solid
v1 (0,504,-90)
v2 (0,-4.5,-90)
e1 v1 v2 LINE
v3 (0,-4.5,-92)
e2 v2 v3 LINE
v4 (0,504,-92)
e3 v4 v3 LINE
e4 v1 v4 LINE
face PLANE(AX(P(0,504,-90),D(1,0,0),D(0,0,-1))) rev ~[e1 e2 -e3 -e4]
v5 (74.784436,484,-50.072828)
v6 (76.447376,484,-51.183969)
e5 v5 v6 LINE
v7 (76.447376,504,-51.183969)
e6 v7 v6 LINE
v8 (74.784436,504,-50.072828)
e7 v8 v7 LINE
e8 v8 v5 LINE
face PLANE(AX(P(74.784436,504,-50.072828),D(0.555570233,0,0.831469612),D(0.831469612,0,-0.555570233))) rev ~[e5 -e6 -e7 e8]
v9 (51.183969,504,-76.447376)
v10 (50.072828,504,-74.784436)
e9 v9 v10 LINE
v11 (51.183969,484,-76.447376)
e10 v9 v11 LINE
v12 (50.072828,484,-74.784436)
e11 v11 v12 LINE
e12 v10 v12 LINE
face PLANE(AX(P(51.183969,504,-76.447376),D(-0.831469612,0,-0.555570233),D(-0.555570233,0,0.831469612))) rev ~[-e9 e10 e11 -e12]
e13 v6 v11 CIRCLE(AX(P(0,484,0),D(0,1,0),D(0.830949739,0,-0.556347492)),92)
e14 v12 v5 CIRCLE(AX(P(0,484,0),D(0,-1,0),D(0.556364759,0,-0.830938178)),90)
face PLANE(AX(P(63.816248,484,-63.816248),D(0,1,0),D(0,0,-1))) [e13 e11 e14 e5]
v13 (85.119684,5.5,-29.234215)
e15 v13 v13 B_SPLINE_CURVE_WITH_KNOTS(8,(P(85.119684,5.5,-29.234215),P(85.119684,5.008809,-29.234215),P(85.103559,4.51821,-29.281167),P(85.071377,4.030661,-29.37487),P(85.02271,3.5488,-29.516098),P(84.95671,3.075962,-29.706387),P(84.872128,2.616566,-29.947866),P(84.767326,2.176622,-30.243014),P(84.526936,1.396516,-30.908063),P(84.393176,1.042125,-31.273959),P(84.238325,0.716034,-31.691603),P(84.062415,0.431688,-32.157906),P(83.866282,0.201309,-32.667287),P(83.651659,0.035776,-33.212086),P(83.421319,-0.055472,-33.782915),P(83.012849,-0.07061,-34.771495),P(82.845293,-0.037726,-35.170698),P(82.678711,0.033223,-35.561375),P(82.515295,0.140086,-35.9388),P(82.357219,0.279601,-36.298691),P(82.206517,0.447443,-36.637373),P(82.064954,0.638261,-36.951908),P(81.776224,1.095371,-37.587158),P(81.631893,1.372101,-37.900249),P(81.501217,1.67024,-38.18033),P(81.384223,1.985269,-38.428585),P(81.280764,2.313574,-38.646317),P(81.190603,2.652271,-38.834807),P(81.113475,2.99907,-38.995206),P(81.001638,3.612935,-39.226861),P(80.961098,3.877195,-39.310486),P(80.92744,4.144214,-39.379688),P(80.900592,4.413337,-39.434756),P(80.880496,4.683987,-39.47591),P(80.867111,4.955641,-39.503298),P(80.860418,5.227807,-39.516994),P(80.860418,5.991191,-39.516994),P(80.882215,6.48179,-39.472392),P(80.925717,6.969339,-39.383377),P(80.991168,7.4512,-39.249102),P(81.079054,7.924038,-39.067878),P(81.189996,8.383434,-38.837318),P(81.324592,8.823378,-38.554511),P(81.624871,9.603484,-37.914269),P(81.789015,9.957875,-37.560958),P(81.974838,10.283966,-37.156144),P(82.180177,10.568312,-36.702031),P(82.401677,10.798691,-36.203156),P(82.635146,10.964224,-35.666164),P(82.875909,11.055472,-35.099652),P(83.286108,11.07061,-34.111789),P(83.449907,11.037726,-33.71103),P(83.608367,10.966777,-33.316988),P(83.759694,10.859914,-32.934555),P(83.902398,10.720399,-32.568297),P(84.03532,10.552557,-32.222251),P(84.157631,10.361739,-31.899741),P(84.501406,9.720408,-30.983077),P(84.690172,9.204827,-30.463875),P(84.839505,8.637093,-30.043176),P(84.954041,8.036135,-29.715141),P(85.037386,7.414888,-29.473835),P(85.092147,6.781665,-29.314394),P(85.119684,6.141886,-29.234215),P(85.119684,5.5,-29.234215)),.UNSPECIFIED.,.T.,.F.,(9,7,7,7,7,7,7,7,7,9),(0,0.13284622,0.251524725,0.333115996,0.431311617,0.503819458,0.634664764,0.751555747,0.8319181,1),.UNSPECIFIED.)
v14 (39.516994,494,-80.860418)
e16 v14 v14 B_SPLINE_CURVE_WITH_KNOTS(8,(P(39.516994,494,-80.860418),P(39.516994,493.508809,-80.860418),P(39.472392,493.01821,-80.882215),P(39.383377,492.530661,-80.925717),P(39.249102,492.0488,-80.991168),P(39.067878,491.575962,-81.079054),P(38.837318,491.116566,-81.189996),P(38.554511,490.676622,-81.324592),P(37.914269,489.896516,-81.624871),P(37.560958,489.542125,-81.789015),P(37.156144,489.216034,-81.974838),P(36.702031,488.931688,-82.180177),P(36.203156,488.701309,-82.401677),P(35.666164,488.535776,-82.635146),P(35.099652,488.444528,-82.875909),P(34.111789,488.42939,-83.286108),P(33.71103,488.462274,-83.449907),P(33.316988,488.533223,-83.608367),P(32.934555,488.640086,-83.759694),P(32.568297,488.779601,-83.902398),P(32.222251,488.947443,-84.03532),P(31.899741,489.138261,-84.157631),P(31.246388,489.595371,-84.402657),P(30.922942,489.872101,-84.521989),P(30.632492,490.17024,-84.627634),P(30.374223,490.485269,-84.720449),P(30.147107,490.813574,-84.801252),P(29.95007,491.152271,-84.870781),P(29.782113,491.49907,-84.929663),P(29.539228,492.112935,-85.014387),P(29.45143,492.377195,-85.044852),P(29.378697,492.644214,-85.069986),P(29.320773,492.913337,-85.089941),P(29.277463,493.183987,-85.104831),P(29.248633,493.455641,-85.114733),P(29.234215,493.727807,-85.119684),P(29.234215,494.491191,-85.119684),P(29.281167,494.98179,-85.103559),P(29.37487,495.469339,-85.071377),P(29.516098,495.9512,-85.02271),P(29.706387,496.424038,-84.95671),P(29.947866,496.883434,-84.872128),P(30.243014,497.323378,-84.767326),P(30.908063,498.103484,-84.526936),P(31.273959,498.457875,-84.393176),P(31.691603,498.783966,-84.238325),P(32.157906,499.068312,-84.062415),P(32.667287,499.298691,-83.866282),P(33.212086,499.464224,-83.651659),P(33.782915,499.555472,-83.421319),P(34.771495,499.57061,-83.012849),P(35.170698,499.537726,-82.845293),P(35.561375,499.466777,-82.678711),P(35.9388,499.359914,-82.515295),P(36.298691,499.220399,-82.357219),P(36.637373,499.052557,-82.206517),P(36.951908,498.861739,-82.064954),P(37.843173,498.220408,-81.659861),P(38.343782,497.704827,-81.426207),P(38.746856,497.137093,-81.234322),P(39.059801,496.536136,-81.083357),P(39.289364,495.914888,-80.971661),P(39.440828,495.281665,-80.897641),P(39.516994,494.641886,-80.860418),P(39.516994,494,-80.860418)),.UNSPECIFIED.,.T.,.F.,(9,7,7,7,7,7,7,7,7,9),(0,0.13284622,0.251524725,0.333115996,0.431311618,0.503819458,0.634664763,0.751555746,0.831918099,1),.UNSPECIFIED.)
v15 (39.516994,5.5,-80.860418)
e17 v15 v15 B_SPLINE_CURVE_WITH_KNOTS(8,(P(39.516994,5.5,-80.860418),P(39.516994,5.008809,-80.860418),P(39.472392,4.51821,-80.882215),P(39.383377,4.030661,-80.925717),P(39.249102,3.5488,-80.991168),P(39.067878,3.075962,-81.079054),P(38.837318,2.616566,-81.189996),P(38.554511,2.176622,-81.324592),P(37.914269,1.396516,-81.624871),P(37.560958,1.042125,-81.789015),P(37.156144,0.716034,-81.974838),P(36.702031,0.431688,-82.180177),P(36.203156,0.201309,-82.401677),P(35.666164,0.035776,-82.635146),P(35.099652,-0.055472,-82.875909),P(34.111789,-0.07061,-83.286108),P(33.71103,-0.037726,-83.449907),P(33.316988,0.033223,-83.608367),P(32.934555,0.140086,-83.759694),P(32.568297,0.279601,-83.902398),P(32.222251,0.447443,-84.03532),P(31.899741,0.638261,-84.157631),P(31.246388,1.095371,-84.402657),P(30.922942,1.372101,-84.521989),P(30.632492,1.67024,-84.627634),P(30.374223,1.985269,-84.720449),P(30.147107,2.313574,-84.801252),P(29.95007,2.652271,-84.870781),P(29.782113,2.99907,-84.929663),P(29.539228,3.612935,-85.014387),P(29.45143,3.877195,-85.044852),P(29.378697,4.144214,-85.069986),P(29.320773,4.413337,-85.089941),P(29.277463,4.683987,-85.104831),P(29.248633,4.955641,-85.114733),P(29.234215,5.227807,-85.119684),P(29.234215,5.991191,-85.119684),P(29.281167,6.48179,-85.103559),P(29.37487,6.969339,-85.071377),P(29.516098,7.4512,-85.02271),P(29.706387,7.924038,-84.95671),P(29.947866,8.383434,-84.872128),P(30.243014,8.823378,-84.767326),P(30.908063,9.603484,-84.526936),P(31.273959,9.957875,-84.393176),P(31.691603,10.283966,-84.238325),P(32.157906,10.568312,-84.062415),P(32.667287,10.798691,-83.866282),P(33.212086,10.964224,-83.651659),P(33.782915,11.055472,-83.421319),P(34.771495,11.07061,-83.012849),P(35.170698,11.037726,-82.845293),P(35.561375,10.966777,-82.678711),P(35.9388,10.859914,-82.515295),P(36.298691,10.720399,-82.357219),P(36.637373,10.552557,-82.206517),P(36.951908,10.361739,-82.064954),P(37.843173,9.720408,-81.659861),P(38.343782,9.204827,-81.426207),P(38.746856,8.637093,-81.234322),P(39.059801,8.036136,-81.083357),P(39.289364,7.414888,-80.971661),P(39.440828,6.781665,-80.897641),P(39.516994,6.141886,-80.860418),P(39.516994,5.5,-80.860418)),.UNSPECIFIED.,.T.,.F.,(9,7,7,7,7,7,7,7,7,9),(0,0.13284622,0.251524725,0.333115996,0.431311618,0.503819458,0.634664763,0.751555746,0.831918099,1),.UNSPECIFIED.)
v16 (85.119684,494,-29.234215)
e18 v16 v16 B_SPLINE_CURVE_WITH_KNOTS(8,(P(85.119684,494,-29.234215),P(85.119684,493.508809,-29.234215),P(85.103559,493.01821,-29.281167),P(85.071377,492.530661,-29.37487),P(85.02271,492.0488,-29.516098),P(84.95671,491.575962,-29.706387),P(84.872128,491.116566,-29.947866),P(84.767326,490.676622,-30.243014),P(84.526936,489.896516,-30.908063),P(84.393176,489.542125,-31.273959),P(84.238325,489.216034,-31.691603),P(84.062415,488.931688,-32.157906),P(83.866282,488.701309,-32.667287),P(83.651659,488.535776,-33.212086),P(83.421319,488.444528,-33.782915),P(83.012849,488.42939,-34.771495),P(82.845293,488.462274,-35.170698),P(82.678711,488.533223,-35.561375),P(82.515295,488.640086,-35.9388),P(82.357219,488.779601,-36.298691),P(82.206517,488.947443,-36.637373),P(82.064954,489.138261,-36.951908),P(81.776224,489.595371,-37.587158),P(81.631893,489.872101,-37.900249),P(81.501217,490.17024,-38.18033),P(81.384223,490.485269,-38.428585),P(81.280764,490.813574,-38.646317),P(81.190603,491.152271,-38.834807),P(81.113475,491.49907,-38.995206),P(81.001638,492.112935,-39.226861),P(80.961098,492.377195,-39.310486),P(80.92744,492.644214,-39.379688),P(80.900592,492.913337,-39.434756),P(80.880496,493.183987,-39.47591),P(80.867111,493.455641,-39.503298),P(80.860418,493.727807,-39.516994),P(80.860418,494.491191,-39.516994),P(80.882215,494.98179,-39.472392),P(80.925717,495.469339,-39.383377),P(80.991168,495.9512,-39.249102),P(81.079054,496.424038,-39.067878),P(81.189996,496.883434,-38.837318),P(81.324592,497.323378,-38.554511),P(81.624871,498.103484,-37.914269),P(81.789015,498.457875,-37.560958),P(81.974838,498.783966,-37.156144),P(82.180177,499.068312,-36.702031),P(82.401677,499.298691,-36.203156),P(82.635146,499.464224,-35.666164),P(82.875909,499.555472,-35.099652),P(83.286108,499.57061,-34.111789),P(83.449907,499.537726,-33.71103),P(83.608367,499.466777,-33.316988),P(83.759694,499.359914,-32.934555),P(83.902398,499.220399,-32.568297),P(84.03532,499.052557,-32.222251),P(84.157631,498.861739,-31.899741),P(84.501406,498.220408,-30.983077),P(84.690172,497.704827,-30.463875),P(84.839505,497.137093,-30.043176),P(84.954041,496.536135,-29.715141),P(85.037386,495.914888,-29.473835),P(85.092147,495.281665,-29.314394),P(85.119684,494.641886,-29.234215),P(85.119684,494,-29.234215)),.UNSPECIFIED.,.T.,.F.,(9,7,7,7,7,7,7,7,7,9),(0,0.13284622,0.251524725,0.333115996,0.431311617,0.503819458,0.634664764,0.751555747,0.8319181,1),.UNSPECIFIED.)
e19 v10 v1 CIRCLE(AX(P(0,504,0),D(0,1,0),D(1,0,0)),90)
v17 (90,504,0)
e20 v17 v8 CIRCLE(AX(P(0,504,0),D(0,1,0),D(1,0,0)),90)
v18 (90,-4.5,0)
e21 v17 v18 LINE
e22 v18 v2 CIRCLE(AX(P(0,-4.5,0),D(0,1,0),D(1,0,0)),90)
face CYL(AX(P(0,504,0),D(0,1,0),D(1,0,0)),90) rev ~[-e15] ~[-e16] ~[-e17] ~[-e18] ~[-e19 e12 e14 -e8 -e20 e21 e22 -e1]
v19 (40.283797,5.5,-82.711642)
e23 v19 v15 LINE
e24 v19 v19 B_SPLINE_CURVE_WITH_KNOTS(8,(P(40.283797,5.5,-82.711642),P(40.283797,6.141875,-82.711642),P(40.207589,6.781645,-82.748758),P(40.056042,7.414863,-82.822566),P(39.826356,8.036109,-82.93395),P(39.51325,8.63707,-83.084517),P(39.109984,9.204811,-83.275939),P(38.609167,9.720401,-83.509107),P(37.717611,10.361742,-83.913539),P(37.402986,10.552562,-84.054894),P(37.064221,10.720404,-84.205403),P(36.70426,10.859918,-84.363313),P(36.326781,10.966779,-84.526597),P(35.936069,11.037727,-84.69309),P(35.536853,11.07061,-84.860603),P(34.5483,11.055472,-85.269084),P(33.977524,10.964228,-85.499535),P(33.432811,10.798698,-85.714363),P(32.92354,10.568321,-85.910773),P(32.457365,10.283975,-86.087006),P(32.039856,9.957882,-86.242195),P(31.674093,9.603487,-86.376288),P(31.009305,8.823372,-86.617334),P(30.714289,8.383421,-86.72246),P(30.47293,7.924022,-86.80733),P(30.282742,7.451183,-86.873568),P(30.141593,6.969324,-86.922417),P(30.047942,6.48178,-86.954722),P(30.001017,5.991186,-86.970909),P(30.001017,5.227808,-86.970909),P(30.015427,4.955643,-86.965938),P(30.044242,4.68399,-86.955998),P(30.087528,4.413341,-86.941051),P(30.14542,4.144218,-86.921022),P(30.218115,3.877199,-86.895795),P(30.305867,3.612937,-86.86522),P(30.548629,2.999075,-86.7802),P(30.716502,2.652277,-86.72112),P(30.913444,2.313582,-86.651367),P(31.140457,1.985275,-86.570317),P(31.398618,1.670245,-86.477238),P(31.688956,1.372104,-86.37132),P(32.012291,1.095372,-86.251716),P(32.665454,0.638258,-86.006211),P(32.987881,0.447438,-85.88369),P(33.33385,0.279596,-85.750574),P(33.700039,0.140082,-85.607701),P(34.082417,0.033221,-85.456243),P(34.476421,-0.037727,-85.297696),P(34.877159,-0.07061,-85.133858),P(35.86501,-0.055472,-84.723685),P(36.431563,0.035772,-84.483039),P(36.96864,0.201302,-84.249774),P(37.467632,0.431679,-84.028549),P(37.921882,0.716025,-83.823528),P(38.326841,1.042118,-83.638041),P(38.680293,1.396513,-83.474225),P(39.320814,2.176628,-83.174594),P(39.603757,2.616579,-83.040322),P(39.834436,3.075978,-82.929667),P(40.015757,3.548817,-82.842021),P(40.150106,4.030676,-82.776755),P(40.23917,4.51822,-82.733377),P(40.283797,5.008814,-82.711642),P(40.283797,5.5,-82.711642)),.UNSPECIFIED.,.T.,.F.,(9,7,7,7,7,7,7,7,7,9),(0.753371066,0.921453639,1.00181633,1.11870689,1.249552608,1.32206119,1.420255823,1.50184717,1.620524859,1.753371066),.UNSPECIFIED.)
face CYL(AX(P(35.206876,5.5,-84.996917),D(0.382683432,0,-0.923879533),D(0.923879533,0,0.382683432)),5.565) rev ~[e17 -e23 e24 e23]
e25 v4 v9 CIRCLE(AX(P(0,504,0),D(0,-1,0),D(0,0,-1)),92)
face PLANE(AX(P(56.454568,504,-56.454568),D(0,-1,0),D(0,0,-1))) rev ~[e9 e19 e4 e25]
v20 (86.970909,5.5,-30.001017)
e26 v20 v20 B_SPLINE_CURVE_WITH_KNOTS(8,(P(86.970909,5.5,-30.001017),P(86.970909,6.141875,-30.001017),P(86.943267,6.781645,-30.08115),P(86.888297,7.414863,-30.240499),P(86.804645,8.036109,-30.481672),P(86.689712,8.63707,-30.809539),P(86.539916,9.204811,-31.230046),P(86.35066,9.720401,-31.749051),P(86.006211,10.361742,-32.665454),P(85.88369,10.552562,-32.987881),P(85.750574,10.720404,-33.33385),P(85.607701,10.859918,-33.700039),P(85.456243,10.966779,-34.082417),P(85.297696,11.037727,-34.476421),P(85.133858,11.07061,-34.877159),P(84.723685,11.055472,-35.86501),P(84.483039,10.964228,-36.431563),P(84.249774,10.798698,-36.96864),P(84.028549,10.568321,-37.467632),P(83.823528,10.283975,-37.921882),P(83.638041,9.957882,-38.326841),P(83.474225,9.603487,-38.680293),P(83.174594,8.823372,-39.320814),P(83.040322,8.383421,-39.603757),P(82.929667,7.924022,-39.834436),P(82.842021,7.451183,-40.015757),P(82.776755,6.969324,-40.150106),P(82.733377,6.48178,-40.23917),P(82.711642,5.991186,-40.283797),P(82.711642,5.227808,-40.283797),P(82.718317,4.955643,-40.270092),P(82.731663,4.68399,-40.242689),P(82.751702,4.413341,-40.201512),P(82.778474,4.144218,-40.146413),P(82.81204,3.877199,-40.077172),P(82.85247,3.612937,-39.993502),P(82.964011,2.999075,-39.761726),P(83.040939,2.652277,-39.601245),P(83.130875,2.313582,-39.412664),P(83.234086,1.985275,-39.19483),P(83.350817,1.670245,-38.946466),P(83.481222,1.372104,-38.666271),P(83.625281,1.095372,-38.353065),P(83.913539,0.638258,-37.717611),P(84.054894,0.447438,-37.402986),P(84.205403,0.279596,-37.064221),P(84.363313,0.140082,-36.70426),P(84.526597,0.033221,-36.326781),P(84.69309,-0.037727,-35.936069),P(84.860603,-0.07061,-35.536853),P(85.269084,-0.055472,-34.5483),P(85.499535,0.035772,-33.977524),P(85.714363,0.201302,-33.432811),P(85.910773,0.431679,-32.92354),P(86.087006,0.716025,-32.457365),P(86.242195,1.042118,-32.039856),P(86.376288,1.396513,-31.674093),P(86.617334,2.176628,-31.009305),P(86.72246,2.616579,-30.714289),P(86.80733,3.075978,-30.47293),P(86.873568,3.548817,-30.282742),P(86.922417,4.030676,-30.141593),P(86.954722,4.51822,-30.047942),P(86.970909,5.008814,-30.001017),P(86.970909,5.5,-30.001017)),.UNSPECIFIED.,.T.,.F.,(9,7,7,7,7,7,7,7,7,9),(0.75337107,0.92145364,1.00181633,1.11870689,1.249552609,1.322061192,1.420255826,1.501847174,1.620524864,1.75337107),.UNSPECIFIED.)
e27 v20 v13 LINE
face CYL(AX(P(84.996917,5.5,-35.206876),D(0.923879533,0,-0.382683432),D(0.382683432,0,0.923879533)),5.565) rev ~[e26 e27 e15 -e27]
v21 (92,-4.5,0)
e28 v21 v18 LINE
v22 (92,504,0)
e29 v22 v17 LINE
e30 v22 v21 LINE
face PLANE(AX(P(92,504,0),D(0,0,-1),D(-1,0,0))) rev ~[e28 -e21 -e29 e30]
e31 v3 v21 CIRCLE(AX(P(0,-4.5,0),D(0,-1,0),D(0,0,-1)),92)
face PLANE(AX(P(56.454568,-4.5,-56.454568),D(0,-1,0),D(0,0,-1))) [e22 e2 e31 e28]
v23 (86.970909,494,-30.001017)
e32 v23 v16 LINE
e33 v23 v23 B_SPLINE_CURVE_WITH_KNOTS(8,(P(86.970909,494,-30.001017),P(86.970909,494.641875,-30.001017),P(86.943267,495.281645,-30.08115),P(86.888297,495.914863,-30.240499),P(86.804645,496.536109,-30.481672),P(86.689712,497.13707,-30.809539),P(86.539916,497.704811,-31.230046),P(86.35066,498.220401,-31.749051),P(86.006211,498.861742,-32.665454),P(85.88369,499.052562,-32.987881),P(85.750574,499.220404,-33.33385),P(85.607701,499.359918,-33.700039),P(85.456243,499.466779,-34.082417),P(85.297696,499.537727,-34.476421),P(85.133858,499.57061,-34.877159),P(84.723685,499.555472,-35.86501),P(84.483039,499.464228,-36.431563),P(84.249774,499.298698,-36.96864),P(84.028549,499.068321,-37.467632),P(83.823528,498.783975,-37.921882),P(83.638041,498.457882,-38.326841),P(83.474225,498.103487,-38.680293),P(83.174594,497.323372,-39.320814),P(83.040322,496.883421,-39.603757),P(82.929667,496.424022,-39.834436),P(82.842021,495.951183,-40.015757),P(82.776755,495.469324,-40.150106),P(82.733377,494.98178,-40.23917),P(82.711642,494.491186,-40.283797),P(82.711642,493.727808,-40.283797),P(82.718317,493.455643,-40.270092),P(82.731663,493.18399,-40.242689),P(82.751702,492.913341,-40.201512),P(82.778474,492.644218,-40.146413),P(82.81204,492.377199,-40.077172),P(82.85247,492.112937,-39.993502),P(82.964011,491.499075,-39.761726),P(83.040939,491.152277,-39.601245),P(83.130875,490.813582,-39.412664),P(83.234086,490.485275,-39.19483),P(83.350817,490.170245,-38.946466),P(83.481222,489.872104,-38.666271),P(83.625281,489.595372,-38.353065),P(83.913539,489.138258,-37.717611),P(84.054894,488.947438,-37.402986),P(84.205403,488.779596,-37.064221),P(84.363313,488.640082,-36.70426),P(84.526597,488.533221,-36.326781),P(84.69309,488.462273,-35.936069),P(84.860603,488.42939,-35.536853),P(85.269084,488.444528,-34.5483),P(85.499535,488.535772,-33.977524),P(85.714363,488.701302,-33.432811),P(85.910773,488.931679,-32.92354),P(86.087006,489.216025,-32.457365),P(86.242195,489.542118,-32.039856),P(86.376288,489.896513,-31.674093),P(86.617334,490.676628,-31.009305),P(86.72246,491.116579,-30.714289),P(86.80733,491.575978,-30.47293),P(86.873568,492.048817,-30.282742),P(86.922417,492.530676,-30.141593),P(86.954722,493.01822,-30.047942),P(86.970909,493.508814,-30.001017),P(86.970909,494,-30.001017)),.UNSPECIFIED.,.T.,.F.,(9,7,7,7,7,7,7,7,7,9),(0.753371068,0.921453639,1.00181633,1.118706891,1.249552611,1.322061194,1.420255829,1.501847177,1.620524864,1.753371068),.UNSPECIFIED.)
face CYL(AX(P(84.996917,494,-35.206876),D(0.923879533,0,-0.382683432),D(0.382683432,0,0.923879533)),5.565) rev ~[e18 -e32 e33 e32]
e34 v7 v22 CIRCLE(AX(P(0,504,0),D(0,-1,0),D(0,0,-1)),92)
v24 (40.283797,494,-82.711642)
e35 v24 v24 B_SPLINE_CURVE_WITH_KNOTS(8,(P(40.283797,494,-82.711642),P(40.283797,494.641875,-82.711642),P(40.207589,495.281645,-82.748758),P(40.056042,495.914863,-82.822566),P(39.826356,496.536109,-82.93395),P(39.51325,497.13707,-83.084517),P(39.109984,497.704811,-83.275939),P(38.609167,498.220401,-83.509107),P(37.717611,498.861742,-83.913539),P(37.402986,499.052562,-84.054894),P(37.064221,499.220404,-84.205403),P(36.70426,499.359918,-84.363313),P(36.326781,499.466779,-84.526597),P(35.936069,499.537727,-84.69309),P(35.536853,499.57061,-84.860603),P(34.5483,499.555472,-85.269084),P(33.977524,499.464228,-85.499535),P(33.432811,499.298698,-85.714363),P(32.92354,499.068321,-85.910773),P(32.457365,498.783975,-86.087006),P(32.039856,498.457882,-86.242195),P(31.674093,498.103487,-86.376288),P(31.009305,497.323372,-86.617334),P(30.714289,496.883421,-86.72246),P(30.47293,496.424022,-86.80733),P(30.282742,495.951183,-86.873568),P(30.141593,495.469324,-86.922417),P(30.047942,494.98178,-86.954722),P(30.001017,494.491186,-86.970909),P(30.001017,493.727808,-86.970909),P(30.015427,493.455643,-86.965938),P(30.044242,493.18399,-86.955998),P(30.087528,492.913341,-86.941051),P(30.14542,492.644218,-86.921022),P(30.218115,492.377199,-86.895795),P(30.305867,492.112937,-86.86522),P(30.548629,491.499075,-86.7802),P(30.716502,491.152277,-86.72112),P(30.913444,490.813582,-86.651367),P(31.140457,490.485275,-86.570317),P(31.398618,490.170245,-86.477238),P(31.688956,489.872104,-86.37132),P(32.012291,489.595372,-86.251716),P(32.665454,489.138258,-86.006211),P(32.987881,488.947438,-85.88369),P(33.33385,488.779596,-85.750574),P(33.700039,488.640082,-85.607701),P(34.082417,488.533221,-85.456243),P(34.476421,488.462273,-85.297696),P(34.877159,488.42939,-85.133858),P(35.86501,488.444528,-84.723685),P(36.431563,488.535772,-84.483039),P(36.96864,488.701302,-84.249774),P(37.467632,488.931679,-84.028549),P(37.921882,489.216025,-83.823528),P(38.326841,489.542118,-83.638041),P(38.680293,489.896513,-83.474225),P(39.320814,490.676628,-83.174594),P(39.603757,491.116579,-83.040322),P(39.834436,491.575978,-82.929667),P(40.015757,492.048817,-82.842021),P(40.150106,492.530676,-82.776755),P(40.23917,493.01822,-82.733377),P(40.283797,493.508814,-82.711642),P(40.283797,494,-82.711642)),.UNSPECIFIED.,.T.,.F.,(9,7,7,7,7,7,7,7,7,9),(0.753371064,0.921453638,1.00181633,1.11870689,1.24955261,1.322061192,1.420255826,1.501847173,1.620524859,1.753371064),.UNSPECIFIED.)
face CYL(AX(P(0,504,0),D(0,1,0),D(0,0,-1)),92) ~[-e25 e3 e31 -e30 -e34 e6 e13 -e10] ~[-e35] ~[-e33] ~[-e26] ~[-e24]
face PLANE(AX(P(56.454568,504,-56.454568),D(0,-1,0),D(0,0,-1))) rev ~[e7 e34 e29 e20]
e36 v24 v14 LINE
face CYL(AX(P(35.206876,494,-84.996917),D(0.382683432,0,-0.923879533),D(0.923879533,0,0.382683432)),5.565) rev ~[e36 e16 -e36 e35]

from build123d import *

# Parameters (mm, degrees)
BOSS_EXTRUDE1_DEPTH     = 508.5
CUT_EXTRUDE4_REACH      = 518.756
CUT_EXTRUDE4_END_RADIUS = 90
SKETCH6_R               = 5.565
CUT_EXTRUDE2_REACH      = 520.673
CUT_EXTRUDE2_END_RADIUS = 90
SKETCH3_R               = 5.565
CUT_EXTRUDE3_REACH      = 520.673
CUT_EXTRUDE3_END_RADIUS = 90
SKETCH5_R               = 5.565
LPATTERN2_COUNT         = 2
LPATTERN2_PITCH         = 488.5
CUT_EXTRUDE5_DEPTH      = 20
BODY_MOVE_COPY1_ANGLE   = 180


with BuildPart() as part:
    # Sketch1 → Boss-Extrude1 (new body)
    with BuildSketch(Plane(origin=(0, 0, 0), x_dir=(1, 0, 0), z_dir=(0, 1, 0))):
        with BuildLine():
            Line((0, 92), (0, 90))
            ThreePointArc((0, 90), (63.639610307, 63.639610307), (90, 0))
            Line((90, 0), (92, 0))
            ThreePointArc((92, 0), (65.053823869, 65.053823869), (0, 92))
        make_face()
    extrude(amount=BOSS_EXTRUDE1_DEPTH)

    # Cut-Extrude4: up to this cylinder (the profile starts outside it)
    cut_extrude4_end = Plane(origin=(0, 10, 0), z_dir=(0, -1, 0)) * Cylinder(CUT_EXTRUDE4_END_RADIUS, 1218.512, mode=Mode.PRIVATE)
    # Sketch6 → Cut-Extrude4 (cut, up to the surface)
    with BuildSketch(Plane(origin=(65.053823869, 0, -65.053823869), x_dir=(-0.7071067811865486, 0, -0.7071067811865465), z_dir=(0.7071067811865465, 0, -0.7071067811865486)), mode=Mode.PRIVATE) as cut_extrude4_sk1:
        with Locations((0, 10)):
            Circle(SKETCH6_R)
    cut_extrude4_tool1 = extrude(cut_extrude4_sk1.sketch, amount=-CUT_EXTRUDE4_REACH, mode=Mode.PRIVATE) - cut_extrude4_end
    add(cut_extrude4_tool1.solids().sort_by_distance((65.053824, 10, -65.053824))[0], mode=Mode.SUBTRACT)

    # Cut-Extrude2: up to this cylinder (the profile starts outside it)
    cut_extrude2_end = Plane(origin=(0, 10, 0), z_dir=(0, -1, 0)) * Cylinder(CUT_EXTRUDE2_END_RADIUS, 1222.346, mode=Mode.PRIVATE)
    # Sketch3 → Cut-Extrude2 (cut, up to the surface)
    with BuildSketch(Plane(origin=(84.996916991, 0, -35.206875778), x_dir=(-0.38268343236509045, 0, -0.9238795325112865), z_dir=(0.9238795325112865, 0, -0.38268343236509045)), mode=Mode.PRIVATE) as cut_extrude2_sk1:
        with Locations((0, 10)):
            Circle(SKETCH3_R)
    cut_extrude2_tool1 = extrude(cut_extrude2_sk1.sketch, amount=-CUT_EXTRUDE2_REACH, mode=Mode.PRIVATE) - cut_extrude2_end
    cut_extrude2 = cut_extrude2_tool1.solids().sort_by_distance((84.996917, 10, -35.206876))[0]
    add(cut_extrude2, mode=Mode.SUBTRACT)

    # Cut-Extrude3: up to this cylinder (the profile starts outside it)
    cut_extrude3_end = Plane(origin=(0, 10, 0), z_dir=(0, -1, 0)) * Cylinder(CUT_EXTRUDE3_END_RADIUS, 1222.346, mode=Mode.PRIVATE)
    # Sketch5 → Cut-Extrude3 (cut, up to the surface)
    with BuildSketch(Plane(origin=(35.206875778, 0, -84.996916991), x_dir=(-0.9238795325112878, 0, -0.3826834323650876), z_dir=(0.3826834323650876, 0, -0.9238795325112878)), mode=Mode.PRIVATE) as cut_extrude3_sk1:
        with Locations((0, 10)):
            Circle(SKETCH5_R)
    cut_extrude3_tool1 = extrude(cut_extrude3_sk1.sketch, amount=-CUT_EXTRUDE3_REACH, mode=Mode.PRIVATE) - cut_extrude3_end
    cut_extrude3 = cut_extrude3_tool1.solids().sort_by_distance((35.206876, 10, -84.996917))[0]
    add(cut_extrude3, mode=Mode.SUBTRACT)

    # LPattern2: Cut-Extrude2, Cut-Extrude3 ×2
    with Locations(*[(0, i * LPATTERN2_PITCH, 0) for i in range(1, LPATTERN2_COUNT)]):
        add(cut_extrude2, mode=Mode.SUBTRACT)
        add(cut_extrude3, mode=Mode.SUBTRACT)

    # Sketch7 → Cut-Extrude5 (cut)
    with BuildSketch(Plane.XZ):
        with BuildLine():
            Line((76.447375943, -51.183969281), (74.784435976, -50.072828318))
            ThreePointArc((74.784435976, -50.072828318), (63.639610307, -63.639610307), (50.072828318, -74.784435976))
            Line((50.072828318, -74.784435976), (51.183969281, -76.447375943))
            ThreePointArc((51.183969281, -76.447375943), (65.053823869, -65.053823869), (76.447375943, -51.183969281))
        make_face()
    extrude(amount=-CUT_EXTRUDE5_DEPTH, mode=Mode.SUBTRACT)


with BuildPart() as part_1:
    # Body-Move/Copy1: moved
    add(part.part.moved(Location((0, 0, 0))).rotate(Axis((0, 252, 0), (0.7071067811865488, -4.937700262164522e-15, -0.7071067811865462)), BODY_MOVE_COPY1_ANGLE))


solid = part_1.part
